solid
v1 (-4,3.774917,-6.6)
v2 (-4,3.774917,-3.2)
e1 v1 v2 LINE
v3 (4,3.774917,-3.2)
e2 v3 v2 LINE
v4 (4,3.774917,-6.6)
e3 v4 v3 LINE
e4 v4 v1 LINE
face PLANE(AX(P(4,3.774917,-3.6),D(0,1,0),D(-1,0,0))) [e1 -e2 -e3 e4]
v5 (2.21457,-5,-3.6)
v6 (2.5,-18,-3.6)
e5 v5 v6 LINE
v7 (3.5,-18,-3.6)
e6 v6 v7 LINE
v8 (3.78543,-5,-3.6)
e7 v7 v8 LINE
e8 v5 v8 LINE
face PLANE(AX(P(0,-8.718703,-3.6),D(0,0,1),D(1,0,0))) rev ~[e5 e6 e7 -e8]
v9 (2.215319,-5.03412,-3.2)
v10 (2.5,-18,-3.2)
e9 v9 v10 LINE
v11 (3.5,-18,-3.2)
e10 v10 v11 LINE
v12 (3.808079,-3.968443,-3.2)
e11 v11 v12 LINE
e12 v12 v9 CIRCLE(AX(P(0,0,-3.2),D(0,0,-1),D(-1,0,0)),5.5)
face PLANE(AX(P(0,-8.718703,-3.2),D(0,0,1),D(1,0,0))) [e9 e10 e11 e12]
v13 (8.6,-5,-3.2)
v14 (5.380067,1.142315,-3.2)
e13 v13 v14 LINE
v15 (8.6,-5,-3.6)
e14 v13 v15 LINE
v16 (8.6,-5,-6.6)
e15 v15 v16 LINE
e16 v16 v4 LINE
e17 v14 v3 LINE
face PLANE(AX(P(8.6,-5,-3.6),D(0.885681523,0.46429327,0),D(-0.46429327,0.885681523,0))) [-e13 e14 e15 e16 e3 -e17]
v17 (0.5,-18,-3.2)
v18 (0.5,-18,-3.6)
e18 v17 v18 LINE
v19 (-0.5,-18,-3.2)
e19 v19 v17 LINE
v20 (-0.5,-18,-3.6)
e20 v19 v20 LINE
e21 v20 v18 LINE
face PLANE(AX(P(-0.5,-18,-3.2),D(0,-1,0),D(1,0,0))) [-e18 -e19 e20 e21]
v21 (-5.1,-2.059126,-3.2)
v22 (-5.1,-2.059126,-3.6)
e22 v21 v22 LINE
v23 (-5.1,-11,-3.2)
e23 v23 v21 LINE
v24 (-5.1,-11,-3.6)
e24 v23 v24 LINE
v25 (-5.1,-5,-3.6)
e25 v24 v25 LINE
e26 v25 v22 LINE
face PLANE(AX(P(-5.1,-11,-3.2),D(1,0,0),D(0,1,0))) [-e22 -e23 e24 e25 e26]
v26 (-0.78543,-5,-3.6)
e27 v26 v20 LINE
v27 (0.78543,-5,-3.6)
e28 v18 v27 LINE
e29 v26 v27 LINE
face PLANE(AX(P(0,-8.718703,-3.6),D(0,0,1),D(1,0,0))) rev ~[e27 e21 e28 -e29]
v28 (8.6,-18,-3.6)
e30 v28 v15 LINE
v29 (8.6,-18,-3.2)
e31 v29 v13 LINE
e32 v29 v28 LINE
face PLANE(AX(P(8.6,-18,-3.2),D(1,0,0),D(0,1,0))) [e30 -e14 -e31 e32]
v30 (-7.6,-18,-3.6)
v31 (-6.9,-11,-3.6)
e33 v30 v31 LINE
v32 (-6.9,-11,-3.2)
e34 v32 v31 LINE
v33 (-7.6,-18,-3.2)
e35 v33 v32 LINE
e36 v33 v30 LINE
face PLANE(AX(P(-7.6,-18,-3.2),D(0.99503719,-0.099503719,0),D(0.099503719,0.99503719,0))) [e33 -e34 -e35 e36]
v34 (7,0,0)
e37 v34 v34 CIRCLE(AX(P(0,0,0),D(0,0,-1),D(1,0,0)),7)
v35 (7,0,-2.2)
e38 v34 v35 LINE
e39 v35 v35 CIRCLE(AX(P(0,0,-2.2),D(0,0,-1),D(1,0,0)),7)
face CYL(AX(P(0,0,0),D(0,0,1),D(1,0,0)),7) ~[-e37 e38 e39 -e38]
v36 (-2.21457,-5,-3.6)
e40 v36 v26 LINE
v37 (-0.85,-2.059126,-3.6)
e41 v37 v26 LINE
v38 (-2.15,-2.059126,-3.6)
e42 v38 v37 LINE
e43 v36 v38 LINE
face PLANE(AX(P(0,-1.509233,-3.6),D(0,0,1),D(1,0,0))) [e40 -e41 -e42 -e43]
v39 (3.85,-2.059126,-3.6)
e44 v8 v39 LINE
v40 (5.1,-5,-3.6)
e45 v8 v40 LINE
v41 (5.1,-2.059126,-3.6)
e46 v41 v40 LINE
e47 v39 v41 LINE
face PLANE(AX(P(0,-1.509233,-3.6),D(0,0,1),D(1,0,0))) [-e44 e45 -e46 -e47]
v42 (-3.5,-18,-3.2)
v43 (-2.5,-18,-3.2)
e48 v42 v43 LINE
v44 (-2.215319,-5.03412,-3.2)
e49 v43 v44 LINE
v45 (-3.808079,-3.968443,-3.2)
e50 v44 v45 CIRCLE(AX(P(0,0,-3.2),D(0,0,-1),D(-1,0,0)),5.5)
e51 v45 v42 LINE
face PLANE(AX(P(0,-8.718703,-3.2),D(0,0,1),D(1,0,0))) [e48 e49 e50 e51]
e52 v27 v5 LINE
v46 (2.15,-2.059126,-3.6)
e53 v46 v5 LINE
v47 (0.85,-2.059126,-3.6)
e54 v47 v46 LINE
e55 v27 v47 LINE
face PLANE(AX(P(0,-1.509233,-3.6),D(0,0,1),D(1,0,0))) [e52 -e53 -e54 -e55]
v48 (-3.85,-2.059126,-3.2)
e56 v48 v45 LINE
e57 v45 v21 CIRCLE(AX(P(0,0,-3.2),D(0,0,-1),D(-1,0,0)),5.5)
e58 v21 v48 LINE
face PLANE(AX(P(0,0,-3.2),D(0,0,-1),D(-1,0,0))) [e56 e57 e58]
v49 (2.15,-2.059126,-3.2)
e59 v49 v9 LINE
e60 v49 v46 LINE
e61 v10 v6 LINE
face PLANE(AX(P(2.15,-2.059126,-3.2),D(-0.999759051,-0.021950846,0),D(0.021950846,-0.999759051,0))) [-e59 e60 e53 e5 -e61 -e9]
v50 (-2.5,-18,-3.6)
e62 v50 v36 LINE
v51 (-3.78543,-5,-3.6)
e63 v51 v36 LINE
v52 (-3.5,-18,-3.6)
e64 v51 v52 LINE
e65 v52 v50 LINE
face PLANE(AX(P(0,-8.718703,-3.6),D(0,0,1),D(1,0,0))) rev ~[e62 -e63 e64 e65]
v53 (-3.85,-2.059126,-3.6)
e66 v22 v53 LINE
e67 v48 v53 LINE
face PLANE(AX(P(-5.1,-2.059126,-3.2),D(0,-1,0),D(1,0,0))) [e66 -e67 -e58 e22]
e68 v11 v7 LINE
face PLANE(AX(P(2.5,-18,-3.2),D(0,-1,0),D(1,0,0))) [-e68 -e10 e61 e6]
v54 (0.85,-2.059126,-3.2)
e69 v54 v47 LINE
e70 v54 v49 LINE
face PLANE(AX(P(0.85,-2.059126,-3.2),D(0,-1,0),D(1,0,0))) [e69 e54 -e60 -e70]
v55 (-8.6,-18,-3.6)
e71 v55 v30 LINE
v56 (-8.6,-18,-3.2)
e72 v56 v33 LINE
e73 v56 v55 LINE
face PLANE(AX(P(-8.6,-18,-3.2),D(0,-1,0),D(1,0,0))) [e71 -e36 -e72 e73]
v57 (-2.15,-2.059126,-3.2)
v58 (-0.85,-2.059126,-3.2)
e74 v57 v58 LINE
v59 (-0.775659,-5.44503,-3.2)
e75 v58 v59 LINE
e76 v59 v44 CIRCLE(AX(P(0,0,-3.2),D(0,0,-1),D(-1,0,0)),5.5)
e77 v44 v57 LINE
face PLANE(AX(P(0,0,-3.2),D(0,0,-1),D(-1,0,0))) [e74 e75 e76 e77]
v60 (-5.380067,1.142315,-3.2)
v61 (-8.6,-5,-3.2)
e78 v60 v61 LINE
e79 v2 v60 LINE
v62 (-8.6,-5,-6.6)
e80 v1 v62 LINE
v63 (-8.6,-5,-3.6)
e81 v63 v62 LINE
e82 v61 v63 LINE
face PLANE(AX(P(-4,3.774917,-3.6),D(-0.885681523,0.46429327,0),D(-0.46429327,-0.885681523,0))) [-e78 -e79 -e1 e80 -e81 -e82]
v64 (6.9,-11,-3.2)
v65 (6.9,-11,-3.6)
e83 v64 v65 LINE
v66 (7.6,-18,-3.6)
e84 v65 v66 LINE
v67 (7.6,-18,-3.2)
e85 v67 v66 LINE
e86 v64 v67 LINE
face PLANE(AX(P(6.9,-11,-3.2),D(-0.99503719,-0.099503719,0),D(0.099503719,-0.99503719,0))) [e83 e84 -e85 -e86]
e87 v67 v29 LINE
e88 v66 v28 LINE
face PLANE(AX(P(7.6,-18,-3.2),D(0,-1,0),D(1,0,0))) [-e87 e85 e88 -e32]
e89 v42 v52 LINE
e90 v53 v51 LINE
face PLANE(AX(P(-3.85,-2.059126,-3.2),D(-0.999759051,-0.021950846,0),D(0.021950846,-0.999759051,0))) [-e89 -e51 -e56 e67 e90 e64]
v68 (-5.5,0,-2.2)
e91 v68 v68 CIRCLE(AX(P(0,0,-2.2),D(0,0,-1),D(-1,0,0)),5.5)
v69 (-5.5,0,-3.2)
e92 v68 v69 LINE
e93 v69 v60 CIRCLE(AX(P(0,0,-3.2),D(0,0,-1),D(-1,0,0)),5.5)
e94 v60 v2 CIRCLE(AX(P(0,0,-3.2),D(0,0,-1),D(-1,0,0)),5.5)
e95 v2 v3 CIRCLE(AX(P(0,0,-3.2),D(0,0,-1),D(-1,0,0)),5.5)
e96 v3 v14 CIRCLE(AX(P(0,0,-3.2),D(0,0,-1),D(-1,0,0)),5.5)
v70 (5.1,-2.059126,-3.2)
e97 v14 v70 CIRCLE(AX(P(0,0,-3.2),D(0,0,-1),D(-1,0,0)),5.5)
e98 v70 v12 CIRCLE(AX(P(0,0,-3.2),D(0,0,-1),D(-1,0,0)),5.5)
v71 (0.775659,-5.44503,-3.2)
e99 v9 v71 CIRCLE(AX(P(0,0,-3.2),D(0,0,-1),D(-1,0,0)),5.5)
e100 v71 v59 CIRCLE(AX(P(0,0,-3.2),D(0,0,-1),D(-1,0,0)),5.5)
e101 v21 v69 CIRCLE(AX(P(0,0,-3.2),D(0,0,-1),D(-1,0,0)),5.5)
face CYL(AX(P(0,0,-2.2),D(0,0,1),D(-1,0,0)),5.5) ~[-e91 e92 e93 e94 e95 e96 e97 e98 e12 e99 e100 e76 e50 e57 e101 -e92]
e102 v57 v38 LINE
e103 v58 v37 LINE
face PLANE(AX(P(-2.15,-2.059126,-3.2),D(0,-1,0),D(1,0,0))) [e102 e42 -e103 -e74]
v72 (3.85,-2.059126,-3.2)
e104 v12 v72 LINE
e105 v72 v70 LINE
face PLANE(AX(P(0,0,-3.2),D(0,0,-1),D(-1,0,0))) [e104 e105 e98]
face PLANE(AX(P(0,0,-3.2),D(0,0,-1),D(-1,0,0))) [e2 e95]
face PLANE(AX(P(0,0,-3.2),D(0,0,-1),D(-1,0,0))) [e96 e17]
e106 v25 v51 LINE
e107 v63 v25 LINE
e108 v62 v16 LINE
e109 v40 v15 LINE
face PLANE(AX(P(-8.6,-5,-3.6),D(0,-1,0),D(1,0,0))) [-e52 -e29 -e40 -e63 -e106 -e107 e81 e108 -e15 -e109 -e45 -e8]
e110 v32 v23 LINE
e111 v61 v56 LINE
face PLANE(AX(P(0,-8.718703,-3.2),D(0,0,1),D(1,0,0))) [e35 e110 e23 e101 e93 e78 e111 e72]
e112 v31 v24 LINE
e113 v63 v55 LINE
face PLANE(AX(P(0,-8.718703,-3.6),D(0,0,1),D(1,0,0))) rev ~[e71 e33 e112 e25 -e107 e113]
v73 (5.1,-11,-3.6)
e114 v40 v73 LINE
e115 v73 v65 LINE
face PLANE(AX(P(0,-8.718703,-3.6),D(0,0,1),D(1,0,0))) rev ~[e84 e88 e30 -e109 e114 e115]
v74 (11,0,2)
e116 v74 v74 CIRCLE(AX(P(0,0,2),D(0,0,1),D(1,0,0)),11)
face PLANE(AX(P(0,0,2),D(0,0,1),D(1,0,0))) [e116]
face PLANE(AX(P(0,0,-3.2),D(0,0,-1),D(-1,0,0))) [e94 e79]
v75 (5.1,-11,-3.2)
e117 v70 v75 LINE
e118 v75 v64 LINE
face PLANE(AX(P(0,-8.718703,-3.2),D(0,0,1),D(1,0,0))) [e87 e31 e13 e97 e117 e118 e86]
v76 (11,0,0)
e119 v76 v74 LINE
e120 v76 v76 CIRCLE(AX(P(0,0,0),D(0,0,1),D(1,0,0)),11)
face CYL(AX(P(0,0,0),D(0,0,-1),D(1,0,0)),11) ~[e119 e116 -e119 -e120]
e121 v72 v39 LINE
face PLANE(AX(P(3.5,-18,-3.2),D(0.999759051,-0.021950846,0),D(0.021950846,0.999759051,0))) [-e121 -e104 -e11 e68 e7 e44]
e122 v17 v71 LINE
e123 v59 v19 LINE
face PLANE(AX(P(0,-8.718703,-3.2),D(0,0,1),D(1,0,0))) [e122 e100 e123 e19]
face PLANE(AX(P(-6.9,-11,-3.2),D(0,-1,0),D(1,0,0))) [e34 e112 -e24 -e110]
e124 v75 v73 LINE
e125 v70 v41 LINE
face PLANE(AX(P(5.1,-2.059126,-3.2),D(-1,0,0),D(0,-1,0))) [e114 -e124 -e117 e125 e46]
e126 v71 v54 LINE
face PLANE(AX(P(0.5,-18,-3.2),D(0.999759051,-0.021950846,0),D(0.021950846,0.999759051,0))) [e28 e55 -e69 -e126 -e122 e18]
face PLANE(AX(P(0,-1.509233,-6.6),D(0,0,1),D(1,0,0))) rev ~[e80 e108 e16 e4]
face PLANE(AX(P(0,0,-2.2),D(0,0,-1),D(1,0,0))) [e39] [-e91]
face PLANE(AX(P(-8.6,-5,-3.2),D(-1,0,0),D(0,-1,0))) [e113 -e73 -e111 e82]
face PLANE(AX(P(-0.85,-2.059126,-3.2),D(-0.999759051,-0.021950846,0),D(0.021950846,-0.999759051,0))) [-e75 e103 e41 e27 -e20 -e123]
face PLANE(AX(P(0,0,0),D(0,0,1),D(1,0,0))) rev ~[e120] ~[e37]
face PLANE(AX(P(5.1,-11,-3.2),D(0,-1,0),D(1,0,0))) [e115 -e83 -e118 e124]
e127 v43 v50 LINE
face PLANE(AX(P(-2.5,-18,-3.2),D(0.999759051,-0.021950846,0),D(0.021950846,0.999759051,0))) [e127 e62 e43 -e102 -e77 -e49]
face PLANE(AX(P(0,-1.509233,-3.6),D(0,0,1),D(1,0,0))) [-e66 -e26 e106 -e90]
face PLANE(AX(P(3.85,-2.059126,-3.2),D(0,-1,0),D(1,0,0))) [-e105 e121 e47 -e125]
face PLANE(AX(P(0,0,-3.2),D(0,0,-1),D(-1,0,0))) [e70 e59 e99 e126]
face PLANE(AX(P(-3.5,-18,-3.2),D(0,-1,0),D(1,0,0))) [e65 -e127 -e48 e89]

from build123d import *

# Parameters (mm, degrees)
SKETCH1_R           = 11
BOSS_EXTRUDE1_DEPTH = 2
SKETCH2_R           = 7
BOSS_EXTRUDE2_DEPTH = 2.2
SKETCH3_R           = 5.5
BOSS_EXTRUDE3_DEPTH = 1
BOSS_EXTRUDE4_DEPTH = 0.4
BOSS_EXTRUDE5_DEPTH = 3


with BuildPart() as part:
    # Sketch1 → Boss-Extrude1 (new body)
    with BuildSketch(Plane.XY):
        Circle(SKETCH1_R)
    extrude(amount=BOSS_EXTRUDE1_DEPTH)

    # Sketch2 → Boss-Extrude2 (add)
    with BuildSketch(Plane(origin=(0, 0, 0), x_dir=(-1, 0, 0), z_dir=(0, 0, -1))):
        with Locations(Location((0, 0, 0), (0, 0, 180))):
            Circle(SKETCH2_R)
    extrude(amount=BOSS_EXTRUDE2_DEPTH)

    # Sketch3 → Boss-Extrude3 (add)
    with BuildSketch(Plane(origin=(0, 0, -2.2), x_dir=(-1, 0, 0), z_dir=(0, 0, -1))):
        Circle(SKETCH3_R)
    extrude(amount=BOSS_EXTRUDE3_DEPTH)

    # Sketch4 → Boss-Extrude4 (add)
    with BuildSketch(Plane(origin=(0, 0, -3.2), x_dir=(-1, 0, 0), z_dir=(0, 0, -1))):
        Polygon((-4, 3.774917218), (4, 3.774917218), (8.6, -5), (8.6, -18), (7.6, -18), (6.9, -11), (5.1, -11), (5.1, -2.059126028), (3.85, -2.059126028), (3.5, -18), (2.5, -18), (2.15, -2.059126028), (0.85, -2.059126028), (0.5, -18), (-0.5, -18), (-0.85, -2.059126028), (-2.15, -2.059126028), (-2.5, -18), (-3.5, -18), (-3.85, -2.059126028), (-5.1, -2.059126028), (-5.1, -11), (-6.9, -11), (-7.6, -18), (-8.6, -18), (-8.6, -5), align=None)
    extrude(amount=BOSS_EXTRUDE4_DEPTH)

    # Sketch5 → Boss-Extrude5 (add)
    with BuildSketch(Plane(origin=(0, 0, -3.6), x_dir=(-1, 0, 0), z_dir=(0, 0, -1))):
        Polygon((-8.6, -5), (-4, 3.774917218), (4, 3.774917218), (8.6, -5), align=None)
    extrude(amount=BOSS_EXTRUDE5_DEPTH)


solid = part.part
